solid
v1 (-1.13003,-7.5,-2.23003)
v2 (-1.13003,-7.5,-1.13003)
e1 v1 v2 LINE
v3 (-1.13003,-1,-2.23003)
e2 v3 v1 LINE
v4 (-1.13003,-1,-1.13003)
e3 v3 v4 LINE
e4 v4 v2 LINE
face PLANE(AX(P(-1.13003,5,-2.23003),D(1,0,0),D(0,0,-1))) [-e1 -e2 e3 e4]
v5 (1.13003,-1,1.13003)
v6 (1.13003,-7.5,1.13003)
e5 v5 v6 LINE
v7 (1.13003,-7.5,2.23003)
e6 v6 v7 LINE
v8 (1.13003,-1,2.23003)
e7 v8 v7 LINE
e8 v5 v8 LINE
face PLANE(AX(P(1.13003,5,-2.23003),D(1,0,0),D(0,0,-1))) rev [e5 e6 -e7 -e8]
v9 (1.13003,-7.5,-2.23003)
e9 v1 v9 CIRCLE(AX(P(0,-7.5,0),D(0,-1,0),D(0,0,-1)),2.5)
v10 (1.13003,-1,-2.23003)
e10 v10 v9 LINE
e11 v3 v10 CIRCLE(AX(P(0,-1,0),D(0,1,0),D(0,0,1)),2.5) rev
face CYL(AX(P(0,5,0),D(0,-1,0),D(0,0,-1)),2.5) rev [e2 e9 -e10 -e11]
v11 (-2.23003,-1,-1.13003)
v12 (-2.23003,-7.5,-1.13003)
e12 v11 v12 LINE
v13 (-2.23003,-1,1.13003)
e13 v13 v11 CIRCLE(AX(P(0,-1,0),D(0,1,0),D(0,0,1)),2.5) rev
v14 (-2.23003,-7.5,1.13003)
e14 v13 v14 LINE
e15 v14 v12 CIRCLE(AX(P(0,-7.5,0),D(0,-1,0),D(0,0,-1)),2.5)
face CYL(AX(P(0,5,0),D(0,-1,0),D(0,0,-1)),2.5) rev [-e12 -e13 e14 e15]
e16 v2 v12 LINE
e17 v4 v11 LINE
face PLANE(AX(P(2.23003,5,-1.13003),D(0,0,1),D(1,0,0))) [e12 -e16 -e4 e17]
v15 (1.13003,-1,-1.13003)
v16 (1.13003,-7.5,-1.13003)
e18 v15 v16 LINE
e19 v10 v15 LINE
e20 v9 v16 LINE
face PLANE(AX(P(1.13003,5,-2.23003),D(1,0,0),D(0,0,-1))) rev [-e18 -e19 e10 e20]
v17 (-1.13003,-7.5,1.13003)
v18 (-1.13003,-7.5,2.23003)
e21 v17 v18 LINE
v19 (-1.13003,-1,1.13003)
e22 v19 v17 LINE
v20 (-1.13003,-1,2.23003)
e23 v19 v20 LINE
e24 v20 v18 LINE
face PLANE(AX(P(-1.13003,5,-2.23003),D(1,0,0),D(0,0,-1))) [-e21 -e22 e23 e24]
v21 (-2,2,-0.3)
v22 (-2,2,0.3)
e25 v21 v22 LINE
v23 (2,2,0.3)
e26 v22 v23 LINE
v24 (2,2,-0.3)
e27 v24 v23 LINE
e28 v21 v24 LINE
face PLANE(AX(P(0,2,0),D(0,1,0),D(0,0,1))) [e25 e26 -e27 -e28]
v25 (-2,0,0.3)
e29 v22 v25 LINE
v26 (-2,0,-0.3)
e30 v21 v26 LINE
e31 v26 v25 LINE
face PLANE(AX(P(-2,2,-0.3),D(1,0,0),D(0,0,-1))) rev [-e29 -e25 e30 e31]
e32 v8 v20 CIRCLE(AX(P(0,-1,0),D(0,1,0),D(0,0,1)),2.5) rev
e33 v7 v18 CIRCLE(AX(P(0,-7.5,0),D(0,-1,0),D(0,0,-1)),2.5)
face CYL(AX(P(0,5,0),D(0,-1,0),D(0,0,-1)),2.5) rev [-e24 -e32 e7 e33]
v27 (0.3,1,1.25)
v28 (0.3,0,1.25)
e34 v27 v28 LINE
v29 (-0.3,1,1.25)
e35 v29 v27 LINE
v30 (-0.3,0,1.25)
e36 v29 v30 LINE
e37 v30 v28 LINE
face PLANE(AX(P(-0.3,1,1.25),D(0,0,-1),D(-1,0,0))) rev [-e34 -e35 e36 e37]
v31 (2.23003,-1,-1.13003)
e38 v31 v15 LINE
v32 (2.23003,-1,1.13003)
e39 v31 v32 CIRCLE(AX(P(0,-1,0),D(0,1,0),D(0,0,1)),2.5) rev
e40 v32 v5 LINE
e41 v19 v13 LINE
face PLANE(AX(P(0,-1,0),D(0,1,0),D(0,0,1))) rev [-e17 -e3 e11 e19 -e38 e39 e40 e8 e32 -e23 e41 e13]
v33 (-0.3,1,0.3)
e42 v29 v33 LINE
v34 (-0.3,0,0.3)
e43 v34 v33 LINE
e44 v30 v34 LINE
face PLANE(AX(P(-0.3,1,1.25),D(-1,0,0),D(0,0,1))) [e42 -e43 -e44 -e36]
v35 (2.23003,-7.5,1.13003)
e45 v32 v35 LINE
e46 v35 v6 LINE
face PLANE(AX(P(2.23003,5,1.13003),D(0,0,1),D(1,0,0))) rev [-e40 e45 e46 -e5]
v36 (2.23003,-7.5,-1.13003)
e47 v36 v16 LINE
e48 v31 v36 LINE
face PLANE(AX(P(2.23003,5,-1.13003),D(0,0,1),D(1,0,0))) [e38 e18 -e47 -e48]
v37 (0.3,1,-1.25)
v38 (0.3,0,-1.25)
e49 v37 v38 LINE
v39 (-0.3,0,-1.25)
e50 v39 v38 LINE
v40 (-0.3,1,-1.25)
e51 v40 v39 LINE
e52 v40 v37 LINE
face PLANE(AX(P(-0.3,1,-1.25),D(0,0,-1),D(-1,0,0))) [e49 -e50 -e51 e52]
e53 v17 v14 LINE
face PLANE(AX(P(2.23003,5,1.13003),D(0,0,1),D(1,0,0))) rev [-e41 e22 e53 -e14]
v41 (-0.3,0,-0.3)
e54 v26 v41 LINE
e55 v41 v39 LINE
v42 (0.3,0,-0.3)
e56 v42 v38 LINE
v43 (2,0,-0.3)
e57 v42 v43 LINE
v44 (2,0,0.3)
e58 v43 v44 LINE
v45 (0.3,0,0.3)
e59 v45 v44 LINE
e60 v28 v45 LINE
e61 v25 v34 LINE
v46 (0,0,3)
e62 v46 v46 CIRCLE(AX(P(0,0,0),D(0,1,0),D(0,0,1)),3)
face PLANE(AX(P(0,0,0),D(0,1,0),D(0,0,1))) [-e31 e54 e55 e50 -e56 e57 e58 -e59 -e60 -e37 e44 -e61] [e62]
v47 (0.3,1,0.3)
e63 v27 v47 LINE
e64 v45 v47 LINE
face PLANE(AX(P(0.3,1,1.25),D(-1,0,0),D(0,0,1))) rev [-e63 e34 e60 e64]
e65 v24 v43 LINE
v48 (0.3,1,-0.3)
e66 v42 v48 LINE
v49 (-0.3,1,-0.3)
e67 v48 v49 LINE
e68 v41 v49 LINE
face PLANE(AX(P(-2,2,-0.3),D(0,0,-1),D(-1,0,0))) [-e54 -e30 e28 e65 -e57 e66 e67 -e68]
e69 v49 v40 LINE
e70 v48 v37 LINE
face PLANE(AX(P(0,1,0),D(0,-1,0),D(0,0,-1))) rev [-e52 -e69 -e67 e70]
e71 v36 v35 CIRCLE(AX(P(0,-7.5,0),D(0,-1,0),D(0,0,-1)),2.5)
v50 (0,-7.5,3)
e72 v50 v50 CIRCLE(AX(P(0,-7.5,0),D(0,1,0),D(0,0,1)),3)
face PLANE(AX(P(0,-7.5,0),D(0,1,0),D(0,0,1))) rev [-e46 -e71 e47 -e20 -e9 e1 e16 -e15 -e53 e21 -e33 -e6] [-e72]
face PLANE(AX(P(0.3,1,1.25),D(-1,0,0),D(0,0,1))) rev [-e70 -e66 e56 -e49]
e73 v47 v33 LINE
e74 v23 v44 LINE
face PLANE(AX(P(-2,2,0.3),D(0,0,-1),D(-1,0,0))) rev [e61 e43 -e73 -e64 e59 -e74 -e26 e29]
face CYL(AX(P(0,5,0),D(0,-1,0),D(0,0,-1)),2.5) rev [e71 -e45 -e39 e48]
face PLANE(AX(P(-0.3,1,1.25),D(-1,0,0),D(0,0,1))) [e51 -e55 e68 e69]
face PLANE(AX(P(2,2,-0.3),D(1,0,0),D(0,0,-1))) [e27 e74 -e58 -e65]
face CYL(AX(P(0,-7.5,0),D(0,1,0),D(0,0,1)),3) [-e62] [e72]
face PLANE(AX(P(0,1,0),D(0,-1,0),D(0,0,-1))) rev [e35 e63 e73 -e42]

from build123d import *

# Parameters (mm, degrees)
SKETCH_1_W          = 4
SKETCH_1_H          = 0.6
EXTRUDE_1_DEPTH     = 2
SKETCH_1_3_W        = 0.6
SKETCH_1_3_H        = 2.5
EXTRUDE_2_DEPTH     = 1
SKETCH_1_4_R        = 3
EXTRUDE_3_DEPTH     = 7.5
CUT_EXTRUDE_1_DEPTH = 6.5


with BuildPart() as part:
    # 草图1 → 凸台-拉伸1 (new body)
    with BuildSketch(Plane(origin=(0, 0, 0), x_dir=(1, 0, 0), z_dir=(0, 1, 0))):
        Rectangle(SKETCH_1_W, SKETCH_1_H)
    extrude(amount=EXTRUDE_1_DEPTH)

    # 草图1<3> → 凸台-拉伸2 (add)
    with BuildSketch(Plane(origin=(0, 0, 0), x_dir=(1, 0, 0), z_dir=(0, 1, 0))):
        Rectangle(SKETCH_1_3_W, SKETCH_1_3_H)
    extrude(amount=EXTRUDE_2_DEPTH)

    # 草图1<4> → 凸台-拉伸3 (add)
    with BuildSketch(Plane(origin=(0, 0, 0), x_dir=(1, 0, 0), z_dir=(0, 1, 0))):
        with Locations(Location((0, 0, 0), (0, 0, 270))):
            Circle(SKETCH_1_4_R)
    extrude(amount=-EXTRUDE_3_DEPTH)

    # 草图2 → 切除-拉伸1 (cut)
    with BuildSketch(Plane.XZ.offset(7.5)):
        with BuildLine():
            ThreePointArc((-1.130029762, -2.230029762), (0, -2.5), (1.130029762, -2.230029762))
            Line((1.130029762, -2.230029762), (1.130029762, -1.130029762))
            Line((1.130029762, -1.130029762), (2.230029762, -1.130029762))
            ThreePointArc((2.230029762, -1.130029762), (2.5, 0), (2.230029762, 1.130029762))
            Line((2.230029762, 1.130029762), (1.130029762, 1.130029762))
            Line((1.130029762, 1.130029762), (1.130029762, 2.230029762))
            ThreePointArc((1.130029762, 2.230029762), (0, 2.5), (-1.130029762, 2.230029762))
            Line((-1.130029762, 2.230029762), (-1.130029762, 1.130029762))
            Line((-1.130029762, 1.130029762), (-2.230029762, 1.130029762))
            ThreePointArc((-2.230029762, 1.130029762), (-2.5, 0), (-2.230029762, -1.130029762))
            Line((-2.230029762, -1.130029762), (-1.130029762, -1.130029762))
            Line((-1.130029762, -1.130029762), (-1.130029762, -2.230029762))
        make_face()
    extrude(amount=-CUT_EXTRUDE_1_DEPTH, mode=Mode.SUBTRACT)


solid = part.part
